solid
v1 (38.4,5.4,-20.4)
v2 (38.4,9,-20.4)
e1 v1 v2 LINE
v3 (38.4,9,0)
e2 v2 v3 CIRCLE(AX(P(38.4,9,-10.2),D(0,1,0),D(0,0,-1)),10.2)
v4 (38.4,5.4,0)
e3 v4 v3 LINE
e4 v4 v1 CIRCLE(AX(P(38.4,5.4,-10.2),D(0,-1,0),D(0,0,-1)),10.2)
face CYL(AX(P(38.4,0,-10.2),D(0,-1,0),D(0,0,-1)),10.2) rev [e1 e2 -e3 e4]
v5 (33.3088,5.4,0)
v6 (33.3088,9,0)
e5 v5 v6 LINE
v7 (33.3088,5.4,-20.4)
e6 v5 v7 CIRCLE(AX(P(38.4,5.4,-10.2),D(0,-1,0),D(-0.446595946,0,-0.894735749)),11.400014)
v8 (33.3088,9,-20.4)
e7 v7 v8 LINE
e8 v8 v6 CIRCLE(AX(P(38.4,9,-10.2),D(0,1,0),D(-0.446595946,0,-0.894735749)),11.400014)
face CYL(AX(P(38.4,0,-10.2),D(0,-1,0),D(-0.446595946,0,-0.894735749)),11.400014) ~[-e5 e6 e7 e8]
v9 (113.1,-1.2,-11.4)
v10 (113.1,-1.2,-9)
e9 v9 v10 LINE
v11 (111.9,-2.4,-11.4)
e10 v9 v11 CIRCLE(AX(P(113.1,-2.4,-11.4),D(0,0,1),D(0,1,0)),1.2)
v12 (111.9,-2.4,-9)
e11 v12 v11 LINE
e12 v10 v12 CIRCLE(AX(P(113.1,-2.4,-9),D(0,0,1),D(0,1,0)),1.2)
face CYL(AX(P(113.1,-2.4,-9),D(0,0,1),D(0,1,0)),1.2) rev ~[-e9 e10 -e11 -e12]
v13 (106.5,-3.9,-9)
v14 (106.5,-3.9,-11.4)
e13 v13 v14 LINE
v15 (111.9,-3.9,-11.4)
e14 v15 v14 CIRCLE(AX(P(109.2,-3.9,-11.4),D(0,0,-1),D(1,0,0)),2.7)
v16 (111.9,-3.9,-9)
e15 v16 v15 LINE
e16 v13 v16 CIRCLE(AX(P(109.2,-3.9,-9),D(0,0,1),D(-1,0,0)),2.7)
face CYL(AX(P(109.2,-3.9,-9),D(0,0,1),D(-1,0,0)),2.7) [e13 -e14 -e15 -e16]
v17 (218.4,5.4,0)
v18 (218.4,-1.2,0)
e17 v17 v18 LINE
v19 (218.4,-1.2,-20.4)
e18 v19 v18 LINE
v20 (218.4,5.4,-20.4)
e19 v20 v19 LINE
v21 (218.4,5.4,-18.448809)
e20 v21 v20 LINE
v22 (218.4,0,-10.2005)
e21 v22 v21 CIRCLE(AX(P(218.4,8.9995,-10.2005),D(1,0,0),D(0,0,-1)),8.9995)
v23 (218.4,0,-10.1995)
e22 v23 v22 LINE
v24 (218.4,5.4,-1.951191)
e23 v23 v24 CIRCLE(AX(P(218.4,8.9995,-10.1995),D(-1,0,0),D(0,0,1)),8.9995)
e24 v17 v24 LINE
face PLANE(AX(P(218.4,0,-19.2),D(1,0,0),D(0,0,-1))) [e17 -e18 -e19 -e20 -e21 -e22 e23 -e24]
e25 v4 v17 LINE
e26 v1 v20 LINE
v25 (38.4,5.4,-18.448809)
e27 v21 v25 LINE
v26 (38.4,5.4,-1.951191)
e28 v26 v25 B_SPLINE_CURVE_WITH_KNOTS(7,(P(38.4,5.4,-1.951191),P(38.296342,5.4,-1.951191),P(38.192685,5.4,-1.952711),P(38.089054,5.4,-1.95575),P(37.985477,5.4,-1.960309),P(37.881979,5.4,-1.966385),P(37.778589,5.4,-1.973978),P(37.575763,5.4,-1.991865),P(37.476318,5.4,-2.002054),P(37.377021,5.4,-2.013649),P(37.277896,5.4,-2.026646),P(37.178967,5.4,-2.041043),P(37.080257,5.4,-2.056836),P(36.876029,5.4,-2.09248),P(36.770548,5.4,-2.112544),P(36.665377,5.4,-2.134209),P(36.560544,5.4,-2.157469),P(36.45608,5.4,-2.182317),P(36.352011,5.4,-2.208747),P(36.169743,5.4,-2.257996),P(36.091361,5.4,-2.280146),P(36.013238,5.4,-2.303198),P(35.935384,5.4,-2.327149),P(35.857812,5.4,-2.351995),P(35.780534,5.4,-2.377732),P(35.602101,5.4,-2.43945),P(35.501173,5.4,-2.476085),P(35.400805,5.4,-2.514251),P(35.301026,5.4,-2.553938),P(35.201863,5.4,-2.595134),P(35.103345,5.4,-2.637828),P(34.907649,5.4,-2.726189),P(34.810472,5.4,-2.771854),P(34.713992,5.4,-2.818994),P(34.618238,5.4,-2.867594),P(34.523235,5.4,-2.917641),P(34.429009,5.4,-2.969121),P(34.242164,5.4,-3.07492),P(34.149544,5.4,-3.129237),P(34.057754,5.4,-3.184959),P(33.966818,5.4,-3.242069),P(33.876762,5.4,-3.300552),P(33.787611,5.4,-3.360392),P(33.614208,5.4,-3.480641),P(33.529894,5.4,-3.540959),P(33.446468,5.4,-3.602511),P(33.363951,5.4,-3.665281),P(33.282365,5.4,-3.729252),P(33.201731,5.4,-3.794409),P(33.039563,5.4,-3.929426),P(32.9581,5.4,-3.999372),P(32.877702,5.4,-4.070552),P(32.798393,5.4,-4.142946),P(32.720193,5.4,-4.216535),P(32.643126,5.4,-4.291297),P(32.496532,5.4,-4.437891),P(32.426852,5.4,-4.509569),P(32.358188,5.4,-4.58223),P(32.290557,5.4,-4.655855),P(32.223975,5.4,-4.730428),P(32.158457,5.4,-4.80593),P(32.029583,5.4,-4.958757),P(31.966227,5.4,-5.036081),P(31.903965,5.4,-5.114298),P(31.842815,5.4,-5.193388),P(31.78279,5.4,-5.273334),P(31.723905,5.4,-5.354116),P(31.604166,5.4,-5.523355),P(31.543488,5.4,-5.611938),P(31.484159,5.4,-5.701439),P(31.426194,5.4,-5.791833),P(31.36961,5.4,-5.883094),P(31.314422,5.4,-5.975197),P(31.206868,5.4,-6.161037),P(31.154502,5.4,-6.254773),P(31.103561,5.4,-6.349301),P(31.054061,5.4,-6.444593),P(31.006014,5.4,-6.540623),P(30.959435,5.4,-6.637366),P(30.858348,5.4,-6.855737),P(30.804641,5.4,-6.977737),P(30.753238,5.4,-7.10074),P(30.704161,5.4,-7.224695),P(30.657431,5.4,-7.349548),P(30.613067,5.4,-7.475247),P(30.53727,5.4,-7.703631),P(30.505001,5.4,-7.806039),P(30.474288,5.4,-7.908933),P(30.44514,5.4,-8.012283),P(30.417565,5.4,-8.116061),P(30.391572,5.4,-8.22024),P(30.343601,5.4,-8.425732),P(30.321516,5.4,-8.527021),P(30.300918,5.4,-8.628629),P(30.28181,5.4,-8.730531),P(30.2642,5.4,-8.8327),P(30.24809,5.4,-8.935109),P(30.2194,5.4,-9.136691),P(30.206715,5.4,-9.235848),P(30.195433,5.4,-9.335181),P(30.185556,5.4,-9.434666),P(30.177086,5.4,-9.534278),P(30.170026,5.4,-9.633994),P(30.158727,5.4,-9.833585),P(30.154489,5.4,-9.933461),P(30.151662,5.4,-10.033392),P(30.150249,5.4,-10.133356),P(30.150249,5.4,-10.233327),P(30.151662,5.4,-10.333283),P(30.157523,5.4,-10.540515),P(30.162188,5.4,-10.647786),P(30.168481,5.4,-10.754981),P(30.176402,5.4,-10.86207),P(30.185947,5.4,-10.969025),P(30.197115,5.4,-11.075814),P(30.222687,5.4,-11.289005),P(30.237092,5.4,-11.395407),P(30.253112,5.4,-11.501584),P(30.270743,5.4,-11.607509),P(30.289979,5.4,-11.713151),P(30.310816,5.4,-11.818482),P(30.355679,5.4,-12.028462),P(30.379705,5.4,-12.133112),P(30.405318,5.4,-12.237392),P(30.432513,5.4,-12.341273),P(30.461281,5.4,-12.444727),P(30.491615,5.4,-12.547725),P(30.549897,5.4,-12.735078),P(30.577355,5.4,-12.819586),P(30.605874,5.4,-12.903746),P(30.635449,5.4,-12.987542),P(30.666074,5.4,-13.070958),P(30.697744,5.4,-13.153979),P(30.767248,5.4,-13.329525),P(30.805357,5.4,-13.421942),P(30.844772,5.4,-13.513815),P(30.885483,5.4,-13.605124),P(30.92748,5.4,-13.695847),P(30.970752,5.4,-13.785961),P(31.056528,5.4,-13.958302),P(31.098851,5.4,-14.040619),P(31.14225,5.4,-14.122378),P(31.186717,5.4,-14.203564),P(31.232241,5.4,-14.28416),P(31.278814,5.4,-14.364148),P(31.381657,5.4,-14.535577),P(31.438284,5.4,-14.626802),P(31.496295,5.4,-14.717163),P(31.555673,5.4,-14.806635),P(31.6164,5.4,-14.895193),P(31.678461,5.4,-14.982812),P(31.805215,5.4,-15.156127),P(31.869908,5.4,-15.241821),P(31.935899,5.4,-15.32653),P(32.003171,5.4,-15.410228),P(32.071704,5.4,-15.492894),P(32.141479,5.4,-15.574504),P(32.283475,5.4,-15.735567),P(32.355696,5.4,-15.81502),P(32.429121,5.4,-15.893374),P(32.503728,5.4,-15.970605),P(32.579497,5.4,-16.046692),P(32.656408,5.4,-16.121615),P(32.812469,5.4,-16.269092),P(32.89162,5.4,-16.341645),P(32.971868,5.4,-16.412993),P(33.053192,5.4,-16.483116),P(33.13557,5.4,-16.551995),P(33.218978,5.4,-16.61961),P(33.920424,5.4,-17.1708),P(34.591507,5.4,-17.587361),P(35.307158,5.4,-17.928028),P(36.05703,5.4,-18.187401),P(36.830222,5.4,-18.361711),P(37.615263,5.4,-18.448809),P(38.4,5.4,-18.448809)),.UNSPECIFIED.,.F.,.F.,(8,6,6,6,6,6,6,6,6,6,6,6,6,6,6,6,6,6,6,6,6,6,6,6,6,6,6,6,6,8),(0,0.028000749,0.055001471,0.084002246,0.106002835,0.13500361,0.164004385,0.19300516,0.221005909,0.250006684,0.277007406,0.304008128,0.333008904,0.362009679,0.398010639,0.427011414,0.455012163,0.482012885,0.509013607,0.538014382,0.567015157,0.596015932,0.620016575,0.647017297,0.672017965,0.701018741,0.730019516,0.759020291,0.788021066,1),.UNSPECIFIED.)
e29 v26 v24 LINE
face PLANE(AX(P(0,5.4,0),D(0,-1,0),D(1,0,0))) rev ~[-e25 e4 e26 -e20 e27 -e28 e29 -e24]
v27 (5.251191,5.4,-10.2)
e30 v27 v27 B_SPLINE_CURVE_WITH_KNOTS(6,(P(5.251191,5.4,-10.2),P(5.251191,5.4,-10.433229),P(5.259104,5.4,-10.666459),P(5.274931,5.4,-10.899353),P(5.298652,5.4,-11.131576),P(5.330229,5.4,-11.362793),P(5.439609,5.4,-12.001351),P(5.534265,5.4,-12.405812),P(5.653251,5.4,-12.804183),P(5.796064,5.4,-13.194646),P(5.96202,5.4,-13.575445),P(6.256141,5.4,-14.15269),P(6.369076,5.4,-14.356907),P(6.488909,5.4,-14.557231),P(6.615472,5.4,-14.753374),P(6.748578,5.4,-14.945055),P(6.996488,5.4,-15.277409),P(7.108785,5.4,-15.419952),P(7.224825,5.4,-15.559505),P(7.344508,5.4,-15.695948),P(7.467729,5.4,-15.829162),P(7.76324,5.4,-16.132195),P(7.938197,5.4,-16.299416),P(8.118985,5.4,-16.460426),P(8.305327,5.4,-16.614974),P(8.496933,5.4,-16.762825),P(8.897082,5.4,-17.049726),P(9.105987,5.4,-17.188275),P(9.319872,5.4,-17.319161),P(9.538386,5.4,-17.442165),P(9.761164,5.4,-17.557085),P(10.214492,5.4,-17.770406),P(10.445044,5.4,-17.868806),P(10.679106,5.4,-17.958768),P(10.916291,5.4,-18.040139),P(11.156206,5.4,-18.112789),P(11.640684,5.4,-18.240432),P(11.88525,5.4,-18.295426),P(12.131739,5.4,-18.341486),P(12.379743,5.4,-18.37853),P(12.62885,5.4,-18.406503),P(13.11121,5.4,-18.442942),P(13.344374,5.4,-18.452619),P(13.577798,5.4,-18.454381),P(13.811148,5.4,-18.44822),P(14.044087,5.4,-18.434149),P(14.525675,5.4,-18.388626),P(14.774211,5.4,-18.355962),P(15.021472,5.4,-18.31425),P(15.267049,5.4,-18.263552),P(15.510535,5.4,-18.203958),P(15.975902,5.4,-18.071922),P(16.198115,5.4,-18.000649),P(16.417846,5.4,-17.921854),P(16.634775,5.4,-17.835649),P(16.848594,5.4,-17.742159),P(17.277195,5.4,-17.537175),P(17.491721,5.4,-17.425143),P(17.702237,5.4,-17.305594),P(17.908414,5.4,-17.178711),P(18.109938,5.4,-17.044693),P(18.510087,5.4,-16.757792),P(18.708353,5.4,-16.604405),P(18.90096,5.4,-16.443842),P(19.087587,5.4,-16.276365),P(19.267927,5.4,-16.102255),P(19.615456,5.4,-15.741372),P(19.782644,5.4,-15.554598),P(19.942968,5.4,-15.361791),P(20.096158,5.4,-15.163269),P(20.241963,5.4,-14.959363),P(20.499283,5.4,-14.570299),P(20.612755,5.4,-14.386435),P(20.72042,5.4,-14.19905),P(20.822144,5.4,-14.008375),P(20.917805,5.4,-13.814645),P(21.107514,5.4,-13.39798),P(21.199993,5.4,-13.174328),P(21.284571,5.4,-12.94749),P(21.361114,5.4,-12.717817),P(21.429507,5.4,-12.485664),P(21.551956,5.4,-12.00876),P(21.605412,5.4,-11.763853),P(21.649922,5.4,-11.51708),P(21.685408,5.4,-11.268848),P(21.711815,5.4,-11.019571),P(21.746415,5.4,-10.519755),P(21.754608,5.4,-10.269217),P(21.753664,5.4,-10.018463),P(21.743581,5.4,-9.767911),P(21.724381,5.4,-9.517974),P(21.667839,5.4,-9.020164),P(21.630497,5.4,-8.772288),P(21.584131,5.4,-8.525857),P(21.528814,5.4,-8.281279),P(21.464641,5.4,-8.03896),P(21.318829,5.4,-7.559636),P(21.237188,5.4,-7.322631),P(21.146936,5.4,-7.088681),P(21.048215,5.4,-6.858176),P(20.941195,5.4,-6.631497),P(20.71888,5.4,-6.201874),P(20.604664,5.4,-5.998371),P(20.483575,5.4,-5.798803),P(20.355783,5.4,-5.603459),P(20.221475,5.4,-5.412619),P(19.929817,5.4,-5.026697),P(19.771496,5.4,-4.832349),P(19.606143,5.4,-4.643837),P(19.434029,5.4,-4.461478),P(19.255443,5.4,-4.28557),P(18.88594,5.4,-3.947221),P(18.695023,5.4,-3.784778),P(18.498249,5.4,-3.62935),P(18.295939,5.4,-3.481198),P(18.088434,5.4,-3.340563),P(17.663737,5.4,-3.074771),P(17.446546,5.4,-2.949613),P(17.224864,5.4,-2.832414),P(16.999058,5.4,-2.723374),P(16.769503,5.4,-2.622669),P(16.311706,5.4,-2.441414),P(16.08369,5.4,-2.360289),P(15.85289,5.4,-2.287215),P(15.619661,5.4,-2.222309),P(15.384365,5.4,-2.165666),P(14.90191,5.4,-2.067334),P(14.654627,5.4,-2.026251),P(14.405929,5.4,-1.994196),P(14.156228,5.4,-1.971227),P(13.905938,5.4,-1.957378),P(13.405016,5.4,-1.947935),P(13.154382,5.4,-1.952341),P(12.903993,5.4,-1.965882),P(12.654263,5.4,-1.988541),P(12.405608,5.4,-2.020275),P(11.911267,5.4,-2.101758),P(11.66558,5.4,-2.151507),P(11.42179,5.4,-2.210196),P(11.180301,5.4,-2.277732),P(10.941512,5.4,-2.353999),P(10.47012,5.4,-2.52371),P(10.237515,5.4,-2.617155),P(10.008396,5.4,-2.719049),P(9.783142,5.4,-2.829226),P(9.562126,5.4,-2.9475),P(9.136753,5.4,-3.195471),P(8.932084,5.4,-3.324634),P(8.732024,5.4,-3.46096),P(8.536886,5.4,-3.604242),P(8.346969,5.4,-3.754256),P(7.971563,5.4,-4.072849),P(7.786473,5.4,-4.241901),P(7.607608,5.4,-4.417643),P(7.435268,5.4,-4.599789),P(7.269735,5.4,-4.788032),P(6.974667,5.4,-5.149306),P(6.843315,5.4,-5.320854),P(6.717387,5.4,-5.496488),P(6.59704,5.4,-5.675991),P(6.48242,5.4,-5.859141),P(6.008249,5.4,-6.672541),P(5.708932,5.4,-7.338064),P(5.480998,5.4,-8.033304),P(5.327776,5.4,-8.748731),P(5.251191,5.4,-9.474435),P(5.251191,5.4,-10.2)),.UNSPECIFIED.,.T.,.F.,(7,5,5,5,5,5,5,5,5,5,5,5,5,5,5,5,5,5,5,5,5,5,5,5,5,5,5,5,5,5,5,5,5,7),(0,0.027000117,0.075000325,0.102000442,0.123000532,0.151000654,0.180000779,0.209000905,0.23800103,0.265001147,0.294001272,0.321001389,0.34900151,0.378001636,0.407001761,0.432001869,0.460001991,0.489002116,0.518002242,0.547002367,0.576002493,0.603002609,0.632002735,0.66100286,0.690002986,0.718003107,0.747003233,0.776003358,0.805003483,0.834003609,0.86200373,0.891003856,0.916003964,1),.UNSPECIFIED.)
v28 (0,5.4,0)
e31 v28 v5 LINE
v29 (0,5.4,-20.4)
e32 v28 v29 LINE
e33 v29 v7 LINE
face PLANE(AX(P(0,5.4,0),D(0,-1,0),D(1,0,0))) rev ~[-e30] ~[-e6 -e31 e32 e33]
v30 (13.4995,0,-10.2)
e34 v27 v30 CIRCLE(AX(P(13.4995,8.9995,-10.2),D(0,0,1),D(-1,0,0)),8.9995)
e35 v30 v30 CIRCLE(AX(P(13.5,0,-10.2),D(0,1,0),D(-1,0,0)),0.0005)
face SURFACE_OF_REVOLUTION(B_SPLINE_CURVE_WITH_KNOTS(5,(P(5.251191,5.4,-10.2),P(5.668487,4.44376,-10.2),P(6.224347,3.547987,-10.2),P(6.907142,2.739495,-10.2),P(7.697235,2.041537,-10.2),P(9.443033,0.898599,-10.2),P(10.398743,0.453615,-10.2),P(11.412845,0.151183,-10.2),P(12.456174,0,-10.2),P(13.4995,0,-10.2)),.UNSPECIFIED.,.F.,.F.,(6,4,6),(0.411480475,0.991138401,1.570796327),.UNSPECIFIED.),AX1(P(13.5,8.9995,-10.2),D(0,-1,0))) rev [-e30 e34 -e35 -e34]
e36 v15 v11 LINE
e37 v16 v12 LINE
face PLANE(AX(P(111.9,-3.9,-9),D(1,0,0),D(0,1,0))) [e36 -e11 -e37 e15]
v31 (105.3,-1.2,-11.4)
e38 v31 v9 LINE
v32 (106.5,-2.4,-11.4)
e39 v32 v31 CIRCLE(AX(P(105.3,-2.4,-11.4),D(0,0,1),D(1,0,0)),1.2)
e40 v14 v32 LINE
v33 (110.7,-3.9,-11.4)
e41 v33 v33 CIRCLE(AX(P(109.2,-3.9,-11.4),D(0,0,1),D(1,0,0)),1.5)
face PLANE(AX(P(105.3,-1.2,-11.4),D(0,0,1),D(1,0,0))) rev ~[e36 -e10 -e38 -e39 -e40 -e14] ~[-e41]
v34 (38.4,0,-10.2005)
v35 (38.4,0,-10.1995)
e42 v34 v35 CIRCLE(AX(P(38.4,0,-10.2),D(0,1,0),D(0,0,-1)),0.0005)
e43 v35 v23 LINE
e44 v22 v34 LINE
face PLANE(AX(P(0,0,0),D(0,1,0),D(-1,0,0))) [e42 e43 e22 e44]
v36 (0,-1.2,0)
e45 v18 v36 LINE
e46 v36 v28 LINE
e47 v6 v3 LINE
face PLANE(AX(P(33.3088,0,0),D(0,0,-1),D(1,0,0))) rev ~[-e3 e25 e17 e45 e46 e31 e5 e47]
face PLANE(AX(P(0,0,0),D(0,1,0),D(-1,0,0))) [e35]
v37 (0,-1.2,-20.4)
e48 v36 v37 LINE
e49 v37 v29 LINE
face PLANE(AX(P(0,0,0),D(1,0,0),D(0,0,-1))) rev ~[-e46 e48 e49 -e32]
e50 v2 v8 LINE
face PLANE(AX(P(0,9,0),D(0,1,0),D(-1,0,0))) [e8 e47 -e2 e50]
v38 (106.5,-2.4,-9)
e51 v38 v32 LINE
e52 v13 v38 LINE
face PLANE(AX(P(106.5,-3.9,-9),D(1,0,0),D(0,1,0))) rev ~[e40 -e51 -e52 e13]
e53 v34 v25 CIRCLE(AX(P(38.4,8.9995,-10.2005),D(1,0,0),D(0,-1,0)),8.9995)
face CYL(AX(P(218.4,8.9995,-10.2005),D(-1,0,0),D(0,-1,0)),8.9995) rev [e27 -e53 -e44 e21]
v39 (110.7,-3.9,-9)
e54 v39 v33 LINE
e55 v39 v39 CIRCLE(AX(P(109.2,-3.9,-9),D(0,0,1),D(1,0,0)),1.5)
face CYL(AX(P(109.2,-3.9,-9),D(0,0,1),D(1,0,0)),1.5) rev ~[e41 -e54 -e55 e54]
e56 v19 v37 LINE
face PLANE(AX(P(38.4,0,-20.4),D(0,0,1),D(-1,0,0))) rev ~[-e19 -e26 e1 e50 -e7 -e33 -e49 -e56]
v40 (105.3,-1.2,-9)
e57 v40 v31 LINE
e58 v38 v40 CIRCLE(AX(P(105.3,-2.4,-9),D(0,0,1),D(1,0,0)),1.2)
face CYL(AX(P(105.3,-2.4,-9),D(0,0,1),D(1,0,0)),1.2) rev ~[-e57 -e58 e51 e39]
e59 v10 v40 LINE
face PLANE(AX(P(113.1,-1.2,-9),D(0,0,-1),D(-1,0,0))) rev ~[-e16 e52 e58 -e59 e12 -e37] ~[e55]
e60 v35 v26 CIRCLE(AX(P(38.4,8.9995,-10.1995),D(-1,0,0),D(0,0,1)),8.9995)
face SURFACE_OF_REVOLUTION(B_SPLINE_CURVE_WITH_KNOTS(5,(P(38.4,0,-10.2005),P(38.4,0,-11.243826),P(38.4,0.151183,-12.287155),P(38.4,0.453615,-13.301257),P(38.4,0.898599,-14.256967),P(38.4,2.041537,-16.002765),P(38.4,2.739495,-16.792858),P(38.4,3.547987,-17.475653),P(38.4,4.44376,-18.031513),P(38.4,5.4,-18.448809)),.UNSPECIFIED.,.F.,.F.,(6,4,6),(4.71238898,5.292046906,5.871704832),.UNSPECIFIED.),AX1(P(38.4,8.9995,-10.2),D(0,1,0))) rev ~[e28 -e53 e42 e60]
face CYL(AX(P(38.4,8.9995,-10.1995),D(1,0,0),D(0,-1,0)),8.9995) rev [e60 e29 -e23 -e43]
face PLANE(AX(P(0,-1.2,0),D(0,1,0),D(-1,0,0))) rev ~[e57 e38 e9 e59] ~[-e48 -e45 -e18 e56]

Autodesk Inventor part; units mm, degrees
ref_plane "YZ Plane" through (0, 0, 0) normal (1, 0, 0) x (0, 1, 0)
ref_plane "XZ Plane" through (0, 0, 0) normal (0, 1, 0) x (-1, 0, 0)
ref_plane "XY Plane" through (0, 0, 0) normal (0, 0, 1) x (1, 0, 0)
sketch "Esboço2" plane through (0, 0, 0) normal (0, 1, 0) x (-1, 0, 0)
  line L0 (-33.3088, 0) -> (-218.4, 0)
  line L1 (-218.4, 0) -> (-218.4, -20.4)
  line L2 (-218.4, -20.4) -> (-33.3088, -20.4)
  line L3 (-38.4, -19.2) -> (-218.4, -19.2)
  line L4 (-218.4, -1.2) -> (-38.4, -1.2)
  circle A0 centre (-38.4, -10.2) radius 9
  line L5 (-47.4, -20.4) -> (-47.4, -19.2)
  line L6 (-47.4, -1.2) -> (-47.4, 0)
  arc A1 (-33.3088, -20.4) -> (-33.3088, 0) centre (-38.4, -10.2) ccw
  arc A2 (-38.4, -20.4) -> (-38.4, 0) centre (-38.4, -10.2) ccw
  line L7 (-33.3088, 0) -> (0, 0)
  line L8 (0, 0) -> (0, -20.4)
  line L9 (0, -20.4) -> (-33.3088, -20.4)
  circle A3 centre (-13.5, -10.2) radius 9
  point P0 (0, -10.2)
  point P1 (-33.3088, -20.4)
  dimension "d6" = 20.4
  dimension "d8" = 1.2
  dimension "d11" = 1.2
  dimension "d25" = 18
  dimension "d44" = 1.2
  dimension "d45" = 1.2
  dimension "d46" = 180
  dimension "d47" = 27
  dimension "d48" = 18
  dimension "d49" = 13.5
extrude "Extrusão1" add sketch "Esboço2" against normal blind 1.2 contours A1 L2 A2 L0 | L7 L8 L9 A1 | A2 L2 L5 L3 A0 L4 L6 L0 | L6 L4 L1 L0 | L4 A0 L3 L1 | L2 L1 L3 L5 | A0 | A3
extrude "Extrusão2" add sketch "Esboço2" along normal blind 9 contours L7 L8 L9 A1 | A2 L2 L5 L3 A0 L4 L6 L0 | L6 L4 L1 L0 | L2 L1 L3 L5
fillet "Arredondamento6" radius 9 4 edges at (128.4, 0, -1.2) (128.4, 0, -19.2) (29.4, 0, -10.2) (22.5, 0, -10.2)
sketch "Esboço6" plane through (0, -1.2, 0) normal (0, 0, 1) x (1, 0, 0)
  line L0 (218.4, 10.2) -> (0, 10.2)
  line L1 (0, 10.2) -> (0, 6.6)
  line L2 (0, 6.6) -> (218.4, 6.6)
  line L3 (218.4, 6.6) -> (218.4, 10.2)
  line L4 (218.4, 1.2) -> (218.4, 10.2) projected
  line L5 (0, 10.2) -> (0, 0) projected
  line L6 (38.4, 10.2) -> (218.4, 10.2) projected
  line L7 (38.4, 1.2) -> (218.4, 1.2) projected
  point P0 (0, 1.2)
  point P1 (218.4, 8.4)
  point P2 (218.4, 5.7)
  point P3 (0, 8.4)
  point P4 (0, 5.1)
  point P5 (109.2, 10.2)
  point P6 (128.4, 10.2)
  dimension "d50" = 5.4
extrude "Extrusão8" cut sketch "Esboço6" against normal up to surface (20.4 mm away)
extrude "Extrusão9" add sketch "Esboço2" along normal blind 9 contours A1 L2 A2 L0
sketch "Esboço7" plane through (0, -1.2, 0) normal (0, -1, 0) x (1, 0, 0)
  line L0 (105.3, -11.4) -> (113.1, -11.4)
  line L1 (113.1, -11.4) -> (113.1, -9)
  line L2 (113.1, -9) -> (105.3, -9)
  line L3 (105.3, -9) -> (105.3, -11.4)
  line L4 (0, 0) -> (0, -20.4) projected
  line L5 (218.4, -20.4) -> (218.4, 0) projected
  arc A0 (38.4, 0) -> (38.4, -20.4) centre (38.4, -10.2) ccw projected
  line L6 (218.4, 0) -> (0, 0) projected
  point P0 (105.3, -10.2)
  point P1 (0, -10.2)
  point P2 (109.2, -9)
  point P3 (0, -10.2)
  point P4 (28.2, -10.2)
  point P5 (109.2, 0)
  dimension "d56" = 7.8
  dimension "d57" = 2.4
  dimension "d76" = 105.3
  dimension "d77" = 105.3
extrude "Extrusão10" add sketch "Esboço7" along normal blind 5.4
sketch "Esboço8" plane through (105.3, -1.2, -9) normal (0, 0, 1) x (1, 0, 0)
  circle A0 centre (3.9, -2.7) radius 1.5
  line L0 (113.1, 0) -> (-105.3, 0) projected
  arc A1 (1.2, -2.7) -> (6.6, -2.7) centre (3.9, -2.7) ccw
  line L1 (1.2, -2.7) -> (1.2, -1.2)
  line L2 (6.6, -2.7) -> (6.6, -1.2)
  line L3 (0, 0) -> (0, 0)
  line L4 (7.8, 0) -> (7.8, 0)
  line L5 (0, 0) -> (0, -5.4) projected
  line L6 (0, 0) -> (0, -5.4)
  line L7 (7.8, 0) -> (7.8, -5.4) projected
  line L8 (0, -5.4) -> (7.8, -5.4)
  line L9 (7.8, -5.4) -> (7.8, 0)
  arc A2 (1.2, -1.2) -> (0, 0) centre (0, -1.2) ccw
  arc A3 (7.8, 0) -> (6.6, -1.2) centre (7.8, -1.2) ccw
  point P0 (-105.3, 1.2)
  point P1 (3.9, 0)
  point P2 (1.2, 0)
  point P3 (6.6, 0)
  point P4 (1.2, 0)
  point P5 (6.6, 0)
  point P6 (0, 0)
  point P7 (3.9, 0)
  point P8 (7.8, 0)
  point P9 (3.9, -5.4)
  point P10 (3.9, -5.4)
  dimension "d61" = 3
  dimension "d62" = 2.7
  dimension "d65" = 1.2
  dimension "d66" = 1.2
extrude "Extrusão11" cut sketch "Esboço8" against normal up to surface (2.4 mm away) contours A0 | L7 L8 A1 L2 A3 | A2 L1 A1 L8 L5
equation "\"d6\" = Diâmetro_esfera + 2 * Margem"
equation "\"d8\" = Margem"
equation "\"d11\" = Margem"
equation "\"d25\" = Diâmetro_esfera"
equation "\"d44\" = Margem"
equation "\"d45\" = Margem"
equation "\"d46\" = 10 * Diâmetro_esfera"
equation "\"d48\" = Diâmetro_esfera"
equation "\"d49\" = 0.5 * d47"
equation "\"d13\" = Margem"
equation "\"d15\" = 0.5 * Diâmetro_esfera"
equation "\"d55\" = 0.5 * Diâmetro_esfera"
equation "\"d50\" = 0.3 * Diâmetro_esfera"
equation "\"d53\" = 0.5 * Diâmetro_esfera"
equation "\"d56\" = Parafuso + 4 * Margem"
equation "\"d57\" = 2 * Margem"
equation "\"d59\" = Parafuso + 2 * Margem"
equation "\"d61\" = Parafuso"
equation "\"d62\" = 0.5 * Parafuso + Margem"
equation "\"d65\" = Margem"
equation "\"d67\" = Parafuso + 2 * Margem"
equation "\"Diâmetro_esfera\" = 18"
equation "\"Margem\" = 3 * Filamento"
equation "\"Filamento\" = 0.4"
equation "\"Parafuso\" = 3"
equation "\"d42\" = Margem"
equation "\"d43\" = Margem"
equation "\"Tamanho_receptor\" = 37.257"
properties part number "Trilho 60 minutos  - 12 horas" material "Plástico PET"
